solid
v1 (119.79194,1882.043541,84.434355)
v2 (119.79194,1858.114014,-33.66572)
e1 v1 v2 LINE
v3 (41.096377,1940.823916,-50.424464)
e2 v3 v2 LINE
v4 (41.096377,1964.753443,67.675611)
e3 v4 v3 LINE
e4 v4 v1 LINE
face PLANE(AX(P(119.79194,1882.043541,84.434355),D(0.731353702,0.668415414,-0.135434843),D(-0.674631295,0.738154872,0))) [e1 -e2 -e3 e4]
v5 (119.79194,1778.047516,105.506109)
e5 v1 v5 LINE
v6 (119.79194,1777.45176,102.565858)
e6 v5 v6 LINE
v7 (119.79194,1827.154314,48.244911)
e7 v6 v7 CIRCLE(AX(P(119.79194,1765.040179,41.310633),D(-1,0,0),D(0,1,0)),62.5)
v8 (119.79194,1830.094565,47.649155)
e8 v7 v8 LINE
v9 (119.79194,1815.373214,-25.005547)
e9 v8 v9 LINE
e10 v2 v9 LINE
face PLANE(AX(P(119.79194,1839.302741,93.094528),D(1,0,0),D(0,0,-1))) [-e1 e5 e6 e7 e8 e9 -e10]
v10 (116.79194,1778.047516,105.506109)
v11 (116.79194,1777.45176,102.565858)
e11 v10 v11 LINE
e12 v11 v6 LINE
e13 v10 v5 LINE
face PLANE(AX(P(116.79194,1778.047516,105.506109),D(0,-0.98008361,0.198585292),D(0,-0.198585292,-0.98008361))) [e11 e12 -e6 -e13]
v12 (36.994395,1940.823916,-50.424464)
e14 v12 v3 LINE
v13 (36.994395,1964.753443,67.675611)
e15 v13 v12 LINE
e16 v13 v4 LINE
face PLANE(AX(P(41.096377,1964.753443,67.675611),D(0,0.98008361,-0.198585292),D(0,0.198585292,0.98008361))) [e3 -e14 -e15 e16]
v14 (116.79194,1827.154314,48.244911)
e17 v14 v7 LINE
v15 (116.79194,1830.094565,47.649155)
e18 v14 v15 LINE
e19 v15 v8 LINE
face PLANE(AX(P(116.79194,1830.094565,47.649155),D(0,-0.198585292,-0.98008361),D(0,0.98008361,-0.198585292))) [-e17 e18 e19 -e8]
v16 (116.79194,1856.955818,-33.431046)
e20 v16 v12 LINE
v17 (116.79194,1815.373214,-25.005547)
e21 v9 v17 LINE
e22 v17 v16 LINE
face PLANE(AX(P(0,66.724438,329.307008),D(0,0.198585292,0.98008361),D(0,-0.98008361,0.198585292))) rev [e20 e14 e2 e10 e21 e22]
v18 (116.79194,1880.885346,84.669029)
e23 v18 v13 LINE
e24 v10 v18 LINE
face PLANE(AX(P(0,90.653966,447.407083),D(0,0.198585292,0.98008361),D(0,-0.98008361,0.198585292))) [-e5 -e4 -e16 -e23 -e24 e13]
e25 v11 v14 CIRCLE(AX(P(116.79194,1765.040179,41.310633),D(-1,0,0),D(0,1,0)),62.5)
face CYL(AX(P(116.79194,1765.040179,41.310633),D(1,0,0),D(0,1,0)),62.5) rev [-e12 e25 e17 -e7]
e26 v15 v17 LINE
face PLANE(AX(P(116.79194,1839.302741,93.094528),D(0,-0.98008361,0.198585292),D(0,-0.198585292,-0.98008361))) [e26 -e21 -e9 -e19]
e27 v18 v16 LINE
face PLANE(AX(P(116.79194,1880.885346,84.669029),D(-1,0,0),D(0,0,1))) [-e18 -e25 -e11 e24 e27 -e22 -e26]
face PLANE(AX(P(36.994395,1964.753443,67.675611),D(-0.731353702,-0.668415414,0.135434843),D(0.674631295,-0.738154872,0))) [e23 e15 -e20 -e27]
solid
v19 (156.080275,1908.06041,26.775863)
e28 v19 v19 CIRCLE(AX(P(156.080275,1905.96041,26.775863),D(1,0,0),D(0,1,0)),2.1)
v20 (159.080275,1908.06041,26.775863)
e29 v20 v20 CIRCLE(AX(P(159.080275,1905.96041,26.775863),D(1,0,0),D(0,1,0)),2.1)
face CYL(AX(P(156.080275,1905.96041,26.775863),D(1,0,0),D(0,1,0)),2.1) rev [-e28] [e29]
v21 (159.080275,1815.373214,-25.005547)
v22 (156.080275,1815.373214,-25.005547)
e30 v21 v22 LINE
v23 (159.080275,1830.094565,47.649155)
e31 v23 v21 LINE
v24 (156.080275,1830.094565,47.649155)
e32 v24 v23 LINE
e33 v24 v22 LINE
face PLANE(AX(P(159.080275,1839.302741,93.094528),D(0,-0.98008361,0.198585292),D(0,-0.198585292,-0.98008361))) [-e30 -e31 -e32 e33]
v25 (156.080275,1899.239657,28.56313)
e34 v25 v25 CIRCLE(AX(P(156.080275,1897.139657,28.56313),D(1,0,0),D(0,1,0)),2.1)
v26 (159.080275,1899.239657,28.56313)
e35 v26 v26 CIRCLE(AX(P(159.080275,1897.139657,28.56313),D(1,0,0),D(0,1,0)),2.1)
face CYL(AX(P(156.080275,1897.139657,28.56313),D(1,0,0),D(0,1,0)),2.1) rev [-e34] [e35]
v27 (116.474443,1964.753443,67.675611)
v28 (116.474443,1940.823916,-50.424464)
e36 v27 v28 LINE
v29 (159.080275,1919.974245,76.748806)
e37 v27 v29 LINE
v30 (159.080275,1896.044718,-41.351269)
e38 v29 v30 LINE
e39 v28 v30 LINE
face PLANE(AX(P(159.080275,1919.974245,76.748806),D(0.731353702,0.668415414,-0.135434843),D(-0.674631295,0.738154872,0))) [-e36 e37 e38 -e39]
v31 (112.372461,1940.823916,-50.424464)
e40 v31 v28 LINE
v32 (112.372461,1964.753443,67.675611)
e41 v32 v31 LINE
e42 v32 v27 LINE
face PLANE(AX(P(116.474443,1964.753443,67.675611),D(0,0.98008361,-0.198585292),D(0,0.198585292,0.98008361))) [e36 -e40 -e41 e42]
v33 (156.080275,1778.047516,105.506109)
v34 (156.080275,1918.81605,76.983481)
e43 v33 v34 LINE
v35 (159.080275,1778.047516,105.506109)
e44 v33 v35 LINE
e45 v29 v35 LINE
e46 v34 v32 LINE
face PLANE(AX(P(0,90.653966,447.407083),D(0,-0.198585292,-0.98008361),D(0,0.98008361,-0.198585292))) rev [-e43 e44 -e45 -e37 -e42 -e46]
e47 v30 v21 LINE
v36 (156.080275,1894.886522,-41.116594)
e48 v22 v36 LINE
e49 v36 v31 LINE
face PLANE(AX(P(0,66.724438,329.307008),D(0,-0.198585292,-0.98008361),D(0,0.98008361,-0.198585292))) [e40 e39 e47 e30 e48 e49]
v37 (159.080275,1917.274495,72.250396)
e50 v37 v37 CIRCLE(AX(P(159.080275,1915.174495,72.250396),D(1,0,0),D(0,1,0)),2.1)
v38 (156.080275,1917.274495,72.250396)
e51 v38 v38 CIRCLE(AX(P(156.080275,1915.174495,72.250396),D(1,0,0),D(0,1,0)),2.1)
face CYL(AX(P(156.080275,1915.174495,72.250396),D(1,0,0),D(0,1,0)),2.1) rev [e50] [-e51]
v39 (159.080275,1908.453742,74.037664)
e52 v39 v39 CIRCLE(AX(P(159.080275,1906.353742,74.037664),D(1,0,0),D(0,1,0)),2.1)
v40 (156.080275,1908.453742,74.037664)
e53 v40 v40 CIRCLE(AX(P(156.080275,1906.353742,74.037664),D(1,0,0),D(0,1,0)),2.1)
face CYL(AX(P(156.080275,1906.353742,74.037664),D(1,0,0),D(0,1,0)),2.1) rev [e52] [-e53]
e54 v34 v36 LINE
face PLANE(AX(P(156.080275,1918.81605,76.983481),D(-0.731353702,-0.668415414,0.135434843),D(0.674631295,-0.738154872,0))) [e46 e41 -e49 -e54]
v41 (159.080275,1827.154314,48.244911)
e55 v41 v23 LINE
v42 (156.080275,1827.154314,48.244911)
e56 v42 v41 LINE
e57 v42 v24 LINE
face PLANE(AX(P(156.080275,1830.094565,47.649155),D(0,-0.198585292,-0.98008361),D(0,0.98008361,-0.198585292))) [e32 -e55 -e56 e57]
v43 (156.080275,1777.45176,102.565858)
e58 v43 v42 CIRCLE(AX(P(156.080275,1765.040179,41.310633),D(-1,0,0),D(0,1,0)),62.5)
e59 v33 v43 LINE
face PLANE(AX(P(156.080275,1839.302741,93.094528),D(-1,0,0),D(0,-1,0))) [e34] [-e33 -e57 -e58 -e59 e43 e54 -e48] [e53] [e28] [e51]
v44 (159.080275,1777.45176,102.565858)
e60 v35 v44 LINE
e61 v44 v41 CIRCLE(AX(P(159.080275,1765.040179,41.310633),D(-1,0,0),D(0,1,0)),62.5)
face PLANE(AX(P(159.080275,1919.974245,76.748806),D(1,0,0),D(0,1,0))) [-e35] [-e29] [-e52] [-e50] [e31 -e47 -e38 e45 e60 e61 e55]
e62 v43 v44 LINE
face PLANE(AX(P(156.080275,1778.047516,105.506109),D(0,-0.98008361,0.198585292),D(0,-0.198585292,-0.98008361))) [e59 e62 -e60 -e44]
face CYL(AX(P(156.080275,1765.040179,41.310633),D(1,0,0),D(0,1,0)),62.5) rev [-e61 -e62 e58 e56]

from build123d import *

# Parameters (mm, degrees)
BOSS_EXTRUDE1_DEPTH      = 55
BOSS_EXTRUDE1_DEPTH_BACK = 65.5
BOSS_EXTRUDE3_DEPTH      = 55
BOSS_EXTRUDE3_DEPTH_BACK = 65.5
BOSS_EXTRUDE5_DEPTH      = 3
BOSS_EXTRUDE6_DEPTH      = 3
SKETCH10_R               = 2.1
CUT_EXTRUDE1_DEPTH       = 3


with BuildPart() as part:
    # Sketch2 → Boss-Extrude1 (new body, two sides)
    with BuildSketch(Plane(origin=(0, 77.646629373, 383.211606662), x_dir=(0, 0.98008361, -0.198585292), z_dir=(0, -0.198585292, -0.98008361))) as boss_extrude1_sk:
        Polygon((1912.183265782, 36.994395038), (1826.61087511, 116.791940296), (1784.183265784, 116.791940296), (1784.183265784, 119.791940296), (1827.792606537, 119.791940296), (1912.183265782, 41.096377421), align=None)
    extrude(amount=BOSS_EXTRUDE1_DEPTH)
    extrude(boss_extrude1_sk.sketch, amount=-BOSS_EXTRUDE1_DEPTH_BACK)

    # Sketch8 → Boss-Extrude5 (add)
    with BuildSketch(Plane(origin=(119.791940296, 0, 0), x_dir=(0, 0, -1), z_dir=(1, 0, 0))):
        with BuildLine():
            Line((-93.094528353, 1839.302741325), (-47.64915541, 1830.094565037))
            Line((-47.64915541, 1830.094565037), (-48.244911285, 1827.154314208))
            ThreePointArc((-48.244911285, 1827.154314208), (-83.501130401, 1811.151044429), (-102.565858271, 1777.451759848))
            Line((-102.565858271, 1777.451759848), (-105.5061091, 1778.047515724))
            Line((-105.5061091, 1778.047515724), (-93.094528353, 1839.302741325))
        make_face()
    extrude(amount=-BOSS_EXTRUDE5_DEPTH)


with BuildPart() as body_2:
    # Sketch6 → Boss-Extrude3 (new body, two sides)
    with BuildSketch(Plane(origin=(0, 77.646629373, 383.211606662), x_dir=(0, 0.98008361, -0.198585292), z_dir=(0, -0.198585292, -0.98008361))) as boss_extrude3_sk:
        Polygon((1866.49410445, 159.080275109), (1912.183265782, 116.474442894), (1912.183265782, 112.37246051), (1865.312373023, 156.080275109), (1784.183265784, 156.080275109), (1784.183265784, 159.080275109), align=None)
    extrude(amount=BOSS_EXTRUDE3_DEPTH)
    extrude(boss_extrude3_sk.sketch, amount=-BOSS_EXTRUDE3_DEPTH_BACK)

    # Sketch9 → Boss-Extrude6 (add)
    with BuildSketch(Plane(origin=(159.080275109, 0, 0), x_dir=(0, 0, -1), z_dir=(1, 0, 0))):
        with BuildLine():
            Line((-93.094528353, 1839.302741325), (-47.64915541, 1830.094565037))
            Line((-47.64915541, 1830.094565037), (-48.244911285, 1827.154314208))
            ThreePointArc((-48.244911285, 1827.154314208), (-83.501130401, 1811.151044429), (-102.565858271, 1777.451759848))
            Line((-102.565858271, 1777.451759848), (-105.5061091, 1778.047515724))
            Line((-105.5061091, 1778.047515724), (-93.094528353, 1839.302741325))
        make_face()
    extrude(amount=-BOSS_EXTRUDE6_DEPTH)

    # Sketch10 → Cut-Extrude1 (cut)
    with BuildSketch(Plane(origin=(159.080275109, 0, 0), x_dir=(0, 0, -1), z_dir=(1, 0, 0))):
        with Locations((-28.563130495, 1897.139657439)):
            Circle(SKETCH10_R)
        with Locations((-26.775862867, 1905.960409926)):
            Circle(SKETCH10_R)
        with Locations((-72.250396343, 1915.174494743)):
            Circle(SKETCH10_R)
        with Locations((-74.03766397, 1906.353742257)):
            Circle(SKETCH10_R)
    extrude(amount=-CUT_EXTRUDE1_DEPTH, mode=Mode.SUBTRACT)


solid = Compound([part.part, body_2.part])
